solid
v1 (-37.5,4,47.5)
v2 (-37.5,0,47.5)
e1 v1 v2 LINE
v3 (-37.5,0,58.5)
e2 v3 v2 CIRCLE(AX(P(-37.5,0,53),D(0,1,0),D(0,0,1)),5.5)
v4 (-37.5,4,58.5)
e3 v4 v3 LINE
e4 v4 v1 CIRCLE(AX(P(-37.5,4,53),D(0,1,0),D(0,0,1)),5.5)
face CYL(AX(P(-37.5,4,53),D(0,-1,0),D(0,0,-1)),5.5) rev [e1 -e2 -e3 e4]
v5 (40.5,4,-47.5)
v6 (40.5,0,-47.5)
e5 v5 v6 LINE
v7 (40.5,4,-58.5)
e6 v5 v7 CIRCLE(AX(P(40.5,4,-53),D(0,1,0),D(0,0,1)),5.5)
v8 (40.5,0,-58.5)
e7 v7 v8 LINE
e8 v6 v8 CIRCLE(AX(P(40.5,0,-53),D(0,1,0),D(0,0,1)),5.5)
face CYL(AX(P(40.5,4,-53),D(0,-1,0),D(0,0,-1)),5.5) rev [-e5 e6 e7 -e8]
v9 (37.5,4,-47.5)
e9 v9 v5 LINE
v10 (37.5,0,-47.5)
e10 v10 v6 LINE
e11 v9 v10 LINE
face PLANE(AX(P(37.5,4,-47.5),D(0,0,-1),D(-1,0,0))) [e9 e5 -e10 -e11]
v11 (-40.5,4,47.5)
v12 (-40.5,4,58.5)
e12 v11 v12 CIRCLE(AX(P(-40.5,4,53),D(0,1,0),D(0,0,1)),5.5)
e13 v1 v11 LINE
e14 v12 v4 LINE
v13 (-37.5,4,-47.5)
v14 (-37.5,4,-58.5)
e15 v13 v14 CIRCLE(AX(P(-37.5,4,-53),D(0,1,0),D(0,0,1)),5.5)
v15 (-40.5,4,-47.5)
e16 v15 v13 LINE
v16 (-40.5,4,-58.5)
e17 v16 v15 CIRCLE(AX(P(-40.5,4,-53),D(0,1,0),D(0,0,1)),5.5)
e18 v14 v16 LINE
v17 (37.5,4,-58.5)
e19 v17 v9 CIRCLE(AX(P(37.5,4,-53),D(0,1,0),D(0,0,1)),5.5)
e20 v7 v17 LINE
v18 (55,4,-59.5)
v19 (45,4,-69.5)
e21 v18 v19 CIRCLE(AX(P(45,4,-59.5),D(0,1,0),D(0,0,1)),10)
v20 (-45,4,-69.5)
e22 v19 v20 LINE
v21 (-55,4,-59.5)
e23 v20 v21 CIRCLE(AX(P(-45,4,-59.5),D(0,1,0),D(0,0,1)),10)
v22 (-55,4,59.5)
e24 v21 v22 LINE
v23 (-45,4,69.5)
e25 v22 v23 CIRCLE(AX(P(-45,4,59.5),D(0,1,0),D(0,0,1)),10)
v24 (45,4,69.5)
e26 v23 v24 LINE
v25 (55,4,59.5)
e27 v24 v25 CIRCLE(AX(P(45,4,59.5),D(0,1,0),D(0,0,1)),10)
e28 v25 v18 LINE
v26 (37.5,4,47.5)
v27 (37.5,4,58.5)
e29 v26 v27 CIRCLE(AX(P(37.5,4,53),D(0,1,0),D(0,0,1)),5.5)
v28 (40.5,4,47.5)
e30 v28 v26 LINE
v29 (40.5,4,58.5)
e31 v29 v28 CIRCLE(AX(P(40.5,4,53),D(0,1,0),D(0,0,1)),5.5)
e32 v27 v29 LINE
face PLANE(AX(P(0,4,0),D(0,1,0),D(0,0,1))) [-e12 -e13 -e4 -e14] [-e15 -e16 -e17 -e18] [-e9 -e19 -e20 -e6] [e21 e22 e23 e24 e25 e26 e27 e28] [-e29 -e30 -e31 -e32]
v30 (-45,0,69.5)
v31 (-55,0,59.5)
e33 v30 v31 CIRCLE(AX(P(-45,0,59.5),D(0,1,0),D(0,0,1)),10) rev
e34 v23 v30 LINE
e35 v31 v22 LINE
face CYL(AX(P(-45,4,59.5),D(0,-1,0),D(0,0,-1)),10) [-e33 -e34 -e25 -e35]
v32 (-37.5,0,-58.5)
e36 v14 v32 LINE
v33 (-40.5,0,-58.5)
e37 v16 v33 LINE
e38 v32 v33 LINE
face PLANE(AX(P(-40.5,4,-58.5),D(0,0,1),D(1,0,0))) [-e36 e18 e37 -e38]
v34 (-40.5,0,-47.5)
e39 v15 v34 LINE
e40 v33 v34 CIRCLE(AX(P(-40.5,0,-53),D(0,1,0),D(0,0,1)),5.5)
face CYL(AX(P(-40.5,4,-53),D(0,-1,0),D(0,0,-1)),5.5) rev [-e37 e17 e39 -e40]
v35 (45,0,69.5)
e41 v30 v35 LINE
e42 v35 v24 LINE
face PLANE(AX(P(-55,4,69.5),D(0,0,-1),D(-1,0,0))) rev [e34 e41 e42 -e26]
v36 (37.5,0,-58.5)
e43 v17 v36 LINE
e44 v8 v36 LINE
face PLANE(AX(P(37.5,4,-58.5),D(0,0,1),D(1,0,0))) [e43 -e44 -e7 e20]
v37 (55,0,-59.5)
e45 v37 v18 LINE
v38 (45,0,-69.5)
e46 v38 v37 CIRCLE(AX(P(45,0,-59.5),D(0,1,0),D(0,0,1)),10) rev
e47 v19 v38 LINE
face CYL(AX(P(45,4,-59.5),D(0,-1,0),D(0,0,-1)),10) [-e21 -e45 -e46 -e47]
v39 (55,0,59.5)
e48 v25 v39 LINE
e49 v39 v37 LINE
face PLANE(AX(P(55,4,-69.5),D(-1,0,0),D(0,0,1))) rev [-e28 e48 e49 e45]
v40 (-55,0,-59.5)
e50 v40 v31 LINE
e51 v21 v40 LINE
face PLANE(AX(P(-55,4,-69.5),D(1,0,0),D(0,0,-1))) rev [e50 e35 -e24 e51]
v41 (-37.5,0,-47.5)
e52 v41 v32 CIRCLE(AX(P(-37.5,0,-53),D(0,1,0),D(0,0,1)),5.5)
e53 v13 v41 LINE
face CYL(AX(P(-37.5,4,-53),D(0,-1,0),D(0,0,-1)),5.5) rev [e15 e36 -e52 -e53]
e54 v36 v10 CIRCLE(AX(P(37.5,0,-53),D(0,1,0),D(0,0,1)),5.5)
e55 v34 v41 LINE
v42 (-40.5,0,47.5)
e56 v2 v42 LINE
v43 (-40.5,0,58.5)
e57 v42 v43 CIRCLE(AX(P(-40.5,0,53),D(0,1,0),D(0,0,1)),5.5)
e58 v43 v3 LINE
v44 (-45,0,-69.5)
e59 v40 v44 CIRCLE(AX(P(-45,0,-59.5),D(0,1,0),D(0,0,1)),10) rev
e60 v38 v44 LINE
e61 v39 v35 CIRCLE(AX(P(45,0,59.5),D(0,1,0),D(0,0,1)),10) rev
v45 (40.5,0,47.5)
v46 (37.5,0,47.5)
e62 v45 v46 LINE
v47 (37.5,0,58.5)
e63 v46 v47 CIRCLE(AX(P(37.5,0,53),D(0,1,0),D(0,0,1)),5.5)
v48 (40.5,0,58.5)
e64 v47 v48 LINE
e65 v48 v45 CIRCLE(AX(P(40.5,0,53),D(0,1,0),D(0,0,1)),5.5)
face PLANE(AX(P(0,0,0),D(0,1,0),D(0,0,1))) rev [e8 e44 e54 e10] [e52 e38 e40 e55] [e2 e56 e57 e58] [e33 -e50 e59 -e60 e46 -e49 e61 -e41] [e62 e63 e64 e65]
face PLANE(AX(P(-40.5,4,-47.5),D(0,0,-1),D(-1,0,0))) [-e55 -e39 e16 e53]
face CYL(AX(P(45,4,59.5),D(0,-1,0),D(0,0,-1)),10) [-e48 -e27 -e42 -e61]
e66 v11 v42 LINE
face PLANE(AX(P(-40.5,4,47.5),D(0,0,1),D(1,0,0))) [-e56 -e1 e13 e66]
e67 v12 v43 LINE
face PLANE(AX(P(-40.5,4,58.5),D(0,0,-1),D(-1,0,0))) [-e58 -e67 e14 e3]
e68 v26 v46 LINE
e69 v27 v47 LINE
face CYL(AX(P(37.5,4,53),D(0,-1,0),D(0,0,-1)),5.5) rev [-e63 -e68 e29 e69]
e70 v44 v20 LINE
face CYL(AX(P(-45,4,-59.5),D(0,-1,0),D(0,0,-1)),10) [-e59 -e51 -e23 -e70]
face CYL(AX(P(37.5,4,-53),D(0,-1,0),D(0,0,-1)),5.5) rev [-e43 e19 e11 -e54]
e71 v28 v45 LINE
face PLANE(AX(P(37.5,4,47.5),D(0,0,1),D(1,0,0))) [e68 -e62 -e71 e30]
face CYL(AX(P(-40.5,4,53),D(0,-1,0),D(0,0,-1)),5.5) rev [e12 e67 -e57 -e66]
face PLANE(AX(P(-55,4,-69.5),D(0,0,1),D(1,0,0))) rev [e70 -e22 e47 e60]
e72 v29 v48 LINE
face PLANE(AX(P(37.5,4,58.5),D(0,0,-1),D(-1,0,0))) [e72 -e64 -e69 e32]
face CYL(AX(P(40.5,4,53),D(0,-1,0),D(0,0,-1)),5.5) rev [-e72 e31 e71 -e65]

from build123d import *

# Parameters (mm, degrees)
SKETCH1_W           = 110
SKETCH1_H           = 139
BOSS_EXTRUDE1_DEPTH = 4
FILLET1_R           = 10


with BuildPart() as part:
    # Sketch1 → Boss-Extrude1 (new body)
    with BuildSketch(Plane(origin=(0, 0, 0), x_dir=(1, 0, 0), z_dir=(0, 1, 0))):
        Rectangle(SKETCH1_W, SKETCH1_H)
        with BuildLine():
            Line((-40.5, 58.5), (-37.5, 58.5))
            ThreePointArc((-37.5, 58.5), (-32, 53), (-37.5, 47.5))
            Line((-37.5, 47.5), (-40.5, 47.5))
            ThreePointArc((-40.5, 47.5), (-46, 53), (-40.5, 58.5))
        make_face(mode=Mode.SUBTRACT)
        with BuildLine():
            Line((37.5, 58.5), (40.5, 58.5))
            ThreePointArc((40.5, 58.5), (46, 53), (40.5, 47.5))
            Line((40.5, 47.5), (37.5, 47.5))
            ThreePointArc((37.5, 47.5), (32, 53), (37.5, 58.5))
        make_face(mode=Mode.SUBTRACT)
        with BuildLine():
            Line((-40.5, -47.5), (-37.5, -47.5))
            ThreePointArc((-37.5, -47.5), (-32, -53), (-37.5, -58.5))
            Line((-37.5, -58.5), (-40.5, -58.5))
            ThreePointArc((-40.5, -58.5), (-46, -53), (-40.5, -47.5))
        make_face(mode=Mode.SUBTRACT)
        with BuildLine():
            Line((37.5, -47.5), (40.5, -47.5))
            ThreePointArc((40.5, -47.5), (46, -53), (40.5, -58.5))
            Line((40.5, -58.5), (37.5, -58.5))
            ThreePointArc((37.5, -58.5), (32, -53), (37.5, -47.5))
        make_face(mode=Mode.SUBTRACT)
    extrude(amount=BOSS_EXTRUDE1_DEPTH)

    # Fillet1
    fillet1_edges = [part.edges().sort_by_distance(p)[0] for p in [
        (55, 2, 69.5),
        (-55, 2, 69.5),
        (-55, 2, -69.5),
        (55, 2, -69.5),
    ]]
    fillet(fillet1_edges, radius=FILLET1_R)


solid = part.part
